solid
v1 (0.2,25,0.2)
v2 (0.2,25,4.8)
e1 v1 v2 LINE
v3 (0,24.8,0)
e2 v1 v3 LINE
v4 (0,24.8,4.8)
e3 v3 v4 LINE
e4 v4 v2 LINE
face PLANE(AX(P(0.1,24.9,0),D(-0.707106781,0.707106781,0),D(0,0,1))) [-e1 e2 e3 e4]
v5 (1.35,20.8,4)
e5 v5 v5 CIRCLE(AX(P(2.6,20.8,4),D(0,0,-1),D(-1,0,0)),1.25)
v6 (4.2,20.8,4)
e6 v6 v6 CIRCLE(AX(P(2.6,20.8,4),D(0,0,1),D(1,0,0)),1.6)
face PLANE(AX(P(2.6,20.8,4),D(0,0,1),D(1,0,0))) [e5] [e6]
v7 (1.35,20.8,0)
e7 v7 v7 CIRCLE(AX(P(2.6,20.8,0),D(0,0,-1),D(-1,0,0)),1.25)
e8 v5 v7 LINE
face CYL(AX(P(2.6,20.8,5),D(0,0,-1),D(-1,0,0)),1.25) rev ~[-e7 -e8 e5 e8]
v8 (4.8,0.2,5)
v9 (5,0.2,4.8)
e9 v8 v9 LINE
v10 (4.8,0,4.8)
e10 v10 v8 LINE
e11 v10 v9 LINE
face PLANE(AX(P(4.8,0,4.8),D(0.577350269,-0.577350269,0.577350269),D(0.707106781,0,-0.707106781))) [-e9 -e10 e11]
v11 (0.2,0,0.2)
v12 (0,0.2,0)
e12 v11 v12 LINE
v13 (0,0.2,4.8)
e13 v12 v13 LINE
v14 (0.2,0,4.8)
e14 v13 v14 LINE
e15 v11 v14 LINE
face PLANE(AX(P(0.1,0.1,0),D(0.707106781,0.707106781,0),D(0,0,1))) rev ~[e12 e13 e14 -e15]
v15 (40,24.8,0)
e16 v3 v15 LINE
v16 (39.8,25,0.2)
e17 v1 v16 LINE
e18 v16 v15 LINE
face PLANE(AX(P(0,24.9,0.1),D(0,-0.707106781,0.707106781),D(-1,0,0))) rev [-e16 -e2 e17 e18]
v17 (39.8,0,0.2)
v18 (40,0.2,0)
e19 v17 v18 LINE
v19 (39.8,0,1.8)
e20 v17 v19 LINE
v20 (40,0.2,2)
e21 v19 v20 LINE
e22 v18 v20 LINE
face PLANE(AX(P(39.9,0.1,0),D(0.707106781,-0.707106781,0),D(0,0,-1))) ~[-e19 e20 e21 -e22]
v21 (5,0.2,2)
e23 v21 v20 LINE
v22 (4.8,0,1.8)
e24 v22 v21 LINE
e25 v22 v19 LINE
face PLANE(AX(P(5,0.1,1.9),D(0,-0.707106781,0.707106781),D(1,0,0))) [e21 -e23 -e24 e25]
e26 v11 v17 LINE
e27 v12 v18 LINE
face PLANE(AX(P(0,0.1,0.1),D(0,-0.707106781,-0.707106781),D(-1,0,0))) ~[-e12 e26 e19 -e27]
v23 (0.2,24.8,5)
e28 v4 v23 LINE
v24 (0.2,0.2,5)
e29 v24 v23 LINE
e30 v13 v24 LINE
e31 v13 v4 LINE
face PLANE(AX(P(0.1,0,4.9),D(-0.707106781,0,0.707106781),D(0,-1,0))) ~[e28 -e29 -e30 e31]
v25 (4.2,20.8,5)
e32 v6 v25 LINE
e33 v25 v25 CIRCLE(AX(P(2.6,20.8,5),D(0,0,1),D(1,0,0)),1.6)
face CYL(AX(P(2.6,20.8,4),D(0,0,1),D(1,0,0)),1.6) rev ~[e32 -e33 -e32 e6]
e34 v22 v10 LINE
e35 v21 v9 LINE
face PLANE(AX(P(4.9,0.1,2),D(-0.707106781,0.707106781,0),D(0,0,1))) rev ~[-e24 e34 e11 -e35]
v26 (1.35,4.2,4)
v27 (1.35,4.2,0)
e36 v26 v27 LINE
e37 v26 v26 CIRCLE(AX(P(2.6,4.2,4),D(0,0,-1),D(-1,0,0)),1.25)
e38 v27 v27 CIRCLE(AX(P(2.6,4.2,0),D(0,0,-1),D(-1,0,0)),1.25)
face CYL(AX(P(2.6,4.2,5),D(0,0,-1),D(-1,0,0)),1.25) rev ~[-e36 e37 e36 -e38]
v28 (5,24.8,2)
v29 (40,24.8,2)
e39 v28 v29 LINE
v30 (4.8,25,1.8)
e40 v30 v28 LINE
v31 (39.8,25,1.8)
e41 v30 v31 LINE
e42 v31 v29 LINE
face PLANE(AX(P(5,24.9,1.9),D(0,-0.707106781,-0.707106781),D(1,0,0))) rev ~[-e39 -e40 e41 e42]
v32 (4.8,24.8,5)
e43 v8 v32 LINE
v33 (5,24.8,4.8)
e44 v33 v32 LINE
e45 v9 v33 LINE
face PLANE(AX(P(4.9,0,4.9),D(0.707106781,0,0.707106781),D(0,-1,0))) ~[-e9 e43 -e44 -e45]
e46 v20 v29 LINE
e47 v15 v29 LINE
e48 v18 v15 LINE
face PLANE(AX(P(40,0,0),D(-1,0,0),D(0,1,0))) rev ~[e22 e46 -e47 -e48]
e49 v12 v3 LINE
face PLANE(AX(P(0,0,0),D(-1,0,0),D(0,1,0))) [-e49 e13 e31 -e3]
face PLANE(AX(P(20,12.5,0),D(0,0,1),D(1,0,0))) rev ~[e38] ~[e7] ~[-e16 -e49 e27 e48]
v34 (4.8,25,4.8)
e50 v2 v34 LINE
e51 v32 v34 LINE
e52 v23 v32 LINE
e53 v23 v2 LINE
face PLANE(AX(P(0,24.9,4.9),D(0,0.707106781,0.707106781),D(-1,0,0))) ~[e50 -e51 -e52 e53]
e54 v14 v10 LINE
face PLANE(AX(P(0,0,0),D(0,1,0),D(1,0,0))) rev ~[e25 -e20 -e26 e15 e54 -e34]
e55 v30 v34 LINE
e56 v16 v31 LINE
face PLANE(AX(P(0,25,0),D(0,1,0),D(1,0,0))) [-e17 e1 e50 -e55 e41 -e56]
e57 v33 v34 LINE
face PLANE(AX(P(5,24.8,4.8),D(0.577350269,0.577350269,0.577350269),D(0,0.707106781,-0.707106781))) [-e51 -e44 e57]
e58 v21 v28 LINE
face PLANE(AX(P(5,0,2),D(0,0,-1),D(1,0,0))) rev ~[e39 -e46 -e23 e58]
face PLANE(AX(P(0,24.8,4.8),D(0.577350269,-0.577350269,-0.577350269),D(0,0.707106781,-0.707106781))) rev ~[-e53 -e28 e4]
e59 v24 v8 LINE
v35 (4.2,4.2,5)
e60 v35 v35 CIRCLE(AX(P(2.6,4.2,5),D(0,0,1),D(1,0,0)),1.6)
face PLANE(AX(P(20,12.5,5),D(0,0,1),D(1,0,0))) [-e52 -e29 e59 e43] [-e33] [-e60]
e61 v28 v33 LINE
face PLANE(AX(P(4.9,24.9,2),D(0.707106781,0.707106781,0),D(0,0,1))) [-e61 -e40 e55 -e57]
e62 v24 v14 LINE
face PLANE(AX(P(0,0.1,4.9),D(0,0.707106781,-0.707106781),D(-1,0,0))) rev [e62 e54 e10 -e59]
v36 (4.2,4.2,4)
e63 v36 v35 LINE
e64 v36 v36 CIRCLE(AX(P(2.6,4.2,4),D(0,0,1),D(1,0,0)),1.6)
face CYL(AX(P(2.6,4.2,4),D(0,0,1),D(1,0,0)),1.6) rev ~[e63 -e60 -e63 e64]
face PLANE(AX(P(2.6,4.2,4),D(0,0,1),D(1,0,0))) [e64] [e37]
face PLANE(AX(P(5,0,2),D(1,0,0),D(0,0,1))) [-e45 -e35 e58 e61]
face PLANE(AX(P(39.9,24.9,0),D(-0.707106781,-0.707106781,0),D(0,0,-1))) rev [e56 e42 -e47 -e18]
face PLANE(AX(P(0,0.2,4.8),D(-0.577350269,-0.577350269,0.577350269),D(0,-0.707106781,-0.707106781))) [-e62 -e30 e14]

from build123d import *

# Parameters (mm, degrees)
F0_W           = 40
F0_H           = 25
F1_DEPTH       = 5
F2_W           = 35
F2_H           = 3
F3_DEPTH       = 25
F4_SIZE        = 0.2
F7_D           = 2.5
F7_CBORE_D     = 3.2
F7_CBORE_DEPTH = 1
F8_D           = 2.5
F8_CBORE_D     = 3.2
F8_CBORE_DEPTH = 1


with BuildPart() as f1:
    # F0 (on Top) → F1 (new body)
    with BuildSketch(Plane.XY):
        with Locations((20, 12.5)):
            Rectangle(F0_W, F0_H)
    extrude(amount=F1_DEPTH)

    # F2 (on face) → F3 (cut)
    with BuildSketch(Plane.XZ):
        with Locations((22.5, 3.5)):
            Rectangle(F2_W, F2_H)
    extrude(amount=-F3_DEPTH, mode=Mode.SUBTRACT)

    # F4
    f4_edges = [f1.edges().sort_by_distance(p)[0] for p in [
        (2.5, 25, 5),
        (5, 12.5, 5),
        (2.5, 0, 5),
        (0, 12.5, 5),
        (20, 0, 0),
        (40, 0, 1),
        (22.5, 0, 2),
        (5, 0, 3.5),
        (0, 0, 2.5),
        (20, 25, 0),
        (0, 25, 2.5),
        (5, 25, 3.5),
        (22.5, 25, 2),
        (40, 25, 1),
    ]]
    chamfer(f4_edges, length=F4_SIZE)

    # F7 (through all)
    with Locations(Plane.XY.offset(5)):
        with Locations((2.6, 20.8)):
            CounterBoreHole(F7_D / 2, F7_CBORE_D / 2, F7_CBORE_DEPTH)

    # F8 (through all)
    with Locations(Plane.XY.offset(5)):
        with Locations((2.6, 4.2)):
            CounterBoreHole(F8_D / 2, F8_CBORE_D / 2, F8_CBORE_DEPTH)


solid = f1.part
